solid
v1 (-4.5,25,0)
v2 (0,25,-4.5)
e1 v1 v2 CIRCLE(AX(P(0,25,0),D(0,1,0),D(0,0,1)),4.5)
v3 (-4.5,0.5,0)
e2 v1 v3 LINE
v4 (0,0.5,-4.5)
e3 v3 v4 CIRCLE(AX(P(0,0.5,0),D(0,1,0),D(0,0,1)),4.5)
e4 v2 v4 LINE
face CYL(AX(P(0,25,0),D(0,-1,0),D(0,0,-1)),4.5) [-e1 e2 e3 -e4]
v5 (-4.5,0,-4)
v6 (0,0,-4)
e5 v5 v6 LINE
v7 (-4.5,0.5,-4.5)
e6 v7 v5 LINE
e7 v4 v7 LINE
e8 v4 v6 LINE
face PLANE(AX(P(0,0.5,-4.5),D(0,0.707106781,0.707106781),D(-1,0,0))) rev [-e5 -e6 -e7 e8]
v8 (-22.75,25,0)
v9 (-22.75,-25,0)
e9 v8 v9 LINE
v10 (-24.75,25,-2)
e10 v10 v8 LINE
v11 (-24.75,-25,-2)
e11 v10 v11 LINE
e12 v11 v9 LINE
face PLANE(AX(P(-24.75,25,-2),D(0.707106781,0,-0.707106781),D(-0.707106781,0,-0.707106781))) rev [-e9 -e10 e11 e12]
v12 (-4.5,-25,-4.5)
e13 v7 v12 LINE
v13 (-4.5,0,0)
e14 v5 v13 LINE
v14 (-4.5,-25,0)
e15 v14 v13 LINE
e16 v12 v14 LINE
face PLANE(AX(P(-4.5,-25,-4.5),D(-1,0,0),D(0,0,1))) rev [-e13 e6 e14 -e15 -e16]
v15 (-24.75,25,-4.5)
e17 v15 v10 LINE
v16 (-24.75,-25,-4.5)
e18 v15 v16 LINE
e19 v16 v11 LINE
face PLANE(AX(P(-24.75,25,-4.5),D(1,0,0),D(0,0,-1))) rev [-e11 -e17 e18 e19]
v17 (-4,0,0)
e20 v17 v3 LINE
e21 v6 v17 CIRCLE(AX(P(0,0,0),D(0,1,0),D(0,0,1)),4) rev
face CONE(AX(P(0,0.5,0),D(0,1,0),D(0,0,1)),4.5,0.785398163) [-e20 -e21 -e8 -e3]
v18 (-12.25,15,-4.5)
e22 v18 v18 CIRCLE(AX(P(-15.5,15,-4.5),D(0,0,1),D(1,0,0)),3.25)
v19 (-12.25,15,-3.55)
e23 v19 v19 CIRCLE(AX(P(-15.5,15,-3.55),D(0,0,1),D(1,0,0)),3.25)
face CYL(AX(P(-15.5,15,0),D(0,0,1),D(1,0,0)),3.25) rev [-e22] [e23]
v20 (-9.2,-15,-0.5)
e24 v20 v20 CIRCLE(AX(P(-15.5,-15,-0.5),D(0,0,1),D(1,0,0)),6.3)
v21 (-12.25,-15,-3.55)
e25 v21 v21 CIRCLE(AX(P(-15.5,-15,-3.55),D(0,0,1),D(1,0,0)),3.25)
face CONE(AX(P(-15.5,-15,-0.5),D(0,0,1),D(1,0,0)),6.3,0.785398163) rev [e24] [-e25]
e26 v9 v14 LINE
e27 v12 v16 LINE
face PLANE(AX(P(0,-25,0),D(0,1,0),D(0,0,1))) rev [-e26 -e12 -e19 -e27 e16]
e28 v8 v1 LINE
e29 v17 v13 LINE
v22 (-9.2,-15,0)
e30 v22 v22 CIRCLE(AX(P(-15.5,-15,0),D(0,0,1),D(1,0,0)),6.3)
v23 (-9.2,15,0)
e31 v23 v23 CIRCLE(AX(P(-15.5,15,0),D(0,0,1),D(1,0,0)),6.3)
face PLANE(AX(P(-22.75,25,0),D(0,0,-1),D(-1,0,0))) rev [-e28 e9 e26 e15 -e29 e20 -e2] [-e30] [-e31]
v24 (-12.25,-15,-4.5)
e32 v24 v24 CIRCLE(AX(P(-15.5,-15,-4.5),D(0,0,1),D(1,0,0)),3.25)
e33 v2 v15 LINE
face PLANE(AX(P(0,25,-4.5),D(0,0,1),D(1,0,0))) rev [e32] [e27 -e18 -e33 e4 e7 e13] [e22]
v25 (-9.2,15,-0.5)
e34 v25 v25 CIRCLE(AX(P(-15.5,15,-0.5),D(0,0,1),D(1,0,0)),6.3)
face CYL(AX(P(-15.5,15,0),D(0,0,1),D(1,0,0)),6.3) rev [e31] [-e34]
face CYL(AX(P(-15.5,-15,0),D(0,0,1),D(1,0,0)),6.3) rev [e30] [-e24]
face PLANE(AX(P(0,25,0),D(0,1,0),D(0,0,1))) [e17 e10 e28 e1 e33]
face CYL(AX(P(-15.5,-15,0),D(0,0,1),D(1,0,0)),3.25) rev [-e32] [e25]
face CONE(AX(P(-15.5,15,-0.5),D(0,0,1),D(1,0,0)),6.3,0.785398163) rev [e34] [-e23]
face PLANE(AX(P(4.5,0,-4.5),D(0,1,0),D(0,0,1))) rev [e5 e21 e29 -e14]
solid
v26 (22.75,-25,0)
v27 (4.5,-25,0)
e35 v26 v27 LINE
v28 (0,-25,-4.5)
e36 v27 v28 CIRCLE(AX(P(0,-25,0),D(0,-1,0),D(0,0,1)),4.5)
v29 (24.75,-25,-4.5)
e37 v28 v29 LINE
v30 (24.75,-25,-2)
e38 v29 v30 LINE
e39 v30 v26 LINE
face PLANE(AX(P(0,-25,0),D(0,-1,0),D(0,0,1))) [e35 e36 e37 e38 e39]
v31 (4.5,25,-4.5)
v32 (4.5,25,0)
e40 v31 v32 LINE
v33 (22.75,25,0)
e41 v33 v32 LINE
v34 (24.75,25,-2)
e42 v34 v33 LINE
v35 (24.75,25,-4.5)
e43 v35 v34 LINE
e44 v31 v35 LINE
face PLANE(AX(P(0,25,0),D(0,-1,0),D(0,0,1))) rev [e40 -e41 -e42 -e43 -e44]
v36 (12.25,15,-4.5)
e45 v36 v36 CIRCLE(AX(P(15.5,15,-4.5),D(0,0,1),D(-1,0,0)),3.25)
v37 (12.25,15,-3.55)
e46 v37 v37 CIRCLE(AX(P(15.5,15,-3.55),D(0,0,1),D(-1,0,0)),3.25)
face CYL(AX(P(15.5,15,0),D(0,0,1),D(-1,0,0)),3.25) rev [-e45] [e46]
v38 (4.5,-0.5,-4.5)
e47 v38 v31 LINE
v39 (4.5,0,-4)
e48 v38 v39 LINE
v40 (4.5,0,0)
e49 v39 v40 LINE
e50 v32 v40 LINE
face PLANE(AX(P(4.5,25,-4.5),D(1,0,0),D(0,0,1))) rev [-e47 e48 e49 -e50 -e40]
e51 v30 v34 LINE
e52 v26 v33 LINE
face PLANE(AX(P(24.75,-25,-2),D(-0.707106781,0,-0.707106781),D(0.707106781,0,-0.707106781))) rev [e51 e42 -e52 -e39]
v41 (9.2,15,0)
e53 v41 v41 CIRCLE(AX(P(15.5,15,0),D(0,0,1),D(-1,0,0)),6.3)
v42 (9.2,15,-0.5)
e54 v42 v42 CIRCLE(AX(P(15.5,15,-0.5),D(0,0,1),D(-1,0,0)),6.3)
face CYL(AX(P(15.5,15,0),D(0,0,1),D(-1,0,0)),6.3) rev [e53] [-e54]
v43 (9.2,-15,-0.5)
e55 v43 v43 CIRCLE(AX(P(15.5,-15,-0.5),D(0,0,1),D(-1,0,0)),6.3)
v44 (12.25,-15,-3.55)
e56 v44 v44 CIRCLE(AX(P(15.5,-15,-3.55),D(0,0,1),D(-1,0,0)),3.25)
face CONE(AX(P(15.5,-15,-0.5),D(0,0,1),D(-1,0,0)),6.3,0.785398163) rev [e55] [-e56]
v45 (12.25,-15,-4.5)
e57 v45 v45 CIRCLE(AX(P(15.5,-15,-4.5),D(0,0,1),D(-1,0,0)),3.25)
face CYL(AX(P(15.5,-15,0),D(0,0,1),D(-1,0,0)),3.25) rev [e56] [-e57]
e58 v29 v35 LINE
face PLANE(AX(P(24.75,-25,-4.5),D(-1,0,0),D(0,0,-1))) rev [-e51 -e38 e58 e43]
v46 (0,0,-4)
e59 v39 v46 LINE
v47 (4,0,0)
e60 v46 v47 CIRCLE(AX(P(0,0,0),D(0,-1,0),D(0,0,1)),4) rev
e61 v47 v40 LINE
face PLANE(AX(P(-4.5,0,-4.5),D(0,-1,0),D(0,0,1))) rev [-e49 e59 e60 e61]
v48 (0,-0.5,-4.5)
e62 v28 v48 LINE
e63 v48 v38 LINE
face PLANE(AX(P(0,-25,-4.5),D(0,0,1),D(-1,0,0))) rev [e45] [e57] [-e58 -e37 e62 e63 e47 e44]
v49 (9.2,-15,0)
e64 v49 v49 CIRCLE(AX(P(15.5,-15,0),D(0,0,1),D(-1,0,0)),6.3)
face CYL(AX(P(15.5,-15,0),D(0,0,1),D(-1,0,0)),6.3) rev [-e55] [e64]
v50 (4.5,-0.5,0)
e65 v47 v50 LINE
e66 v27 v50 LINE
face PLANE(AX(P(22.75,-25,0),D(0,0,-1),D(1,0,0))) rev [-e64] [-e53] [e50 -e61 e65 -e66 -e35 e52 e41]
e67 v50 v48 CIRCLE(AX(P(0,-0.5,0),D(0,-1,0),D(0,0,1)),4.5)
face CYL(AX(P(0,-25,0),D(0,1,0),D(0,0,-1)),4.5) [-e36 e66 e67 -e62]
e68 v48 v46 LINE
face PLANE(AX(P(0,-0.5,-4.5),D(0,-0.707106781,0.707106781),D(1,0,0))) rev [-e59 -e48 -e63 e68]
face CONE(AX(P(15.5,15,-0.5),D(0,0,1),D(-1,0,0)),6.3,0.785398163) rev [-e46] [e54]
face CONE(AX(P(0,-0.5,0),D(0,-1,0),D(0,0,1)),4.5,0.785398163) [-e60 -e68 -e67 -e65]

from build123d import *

# Parameters (mm, degrees)
EXTRUDE_1_DEPTH            = 25
SKETCH_3_W                 = 9
SKETCH_3_H                 = 25
CUT_EXTRUDE_1_DEPTH        = 5.5
CUT_EXTRUDE_1_DEPTH_BACK   = 5.5
HOLE_WIZARD_M61_AT_2_COUNT = 2
HOLE_WIZARD_M61_AT_2_PITCH = 30
CHAMFER_1_SIZE             = 0.5
PATTERN_CIRCULAR_1_COUNT   = 2


with BuildPart() as part:
    # Эскиз1 → Бобышка-Вытянуть1 (new body, symmetric)
    with BuildSketch(Plane(origin=(0, 0, 0), x_dir=(1, 0, 0), z_dir=(0, 1, 0))):
        with BuildLine():
            Line((0, 4.5), (-24.75, 4.5))
            Line((-24.75, 4.5), (-24.75, 2))
            Line((-24.75, 2), (-22.75, 0))
            Line((-22.75, 0), (-4.5, 0))
            ThreePointArc((-4.5, 0), (3.181980515, -3.181980515), (0, 4.5))
        make_face()
    extrude(amount=EXTRUDE_1_DEPTH, both=True)

    # Эскиз3 → Вырез-Вытянуть1 (cut, two sides)
    with BuildSketch(Plane.XY) as cut_extrude_1_sk:
        with Locations((0, -12.5)):
            Rectangle(SKETCH_3_W, SKETCH_3_H)
    extrude(amount=CUT_EXTRUDE_1_DEPTH, mode=Mode.SUBTRACT)
    extrude(cut_extrude_1_sk.sketch, amount=-CUT_EXTRUDE_1_DEPTH_BACK, mode=Mode.SUBTRACT)

    # Эскиз6 → Зенковка для винта с полупотайной головкой M61 (revolve, cut)
    with BuildSketch(Plane(origin=(-15.5, 15, 0), x_dir=(0, -1, 0), z_dir=(1, 0, 0))):
        Polygon((0, 0), (0, 4.5), (3.25, 4.5), (3.25, 3.55), (6.3, 0.5), (6.3, 0), align=None)
    hole_wizard_m61 = revolve(axis=Axis((-15.5, 15, 6.35), (0, 0, -1)), mode=Mode.SUBTRACT)

    # Зенковка для винта с полупотайной головкой M61 at 2: Зенковка для винта с полупотайной головкой M61 ×2
    with Locations(*[(0, -i * HOLE_WIZARD_M61_AT_2_PITCH, 0) for i in range(1, HOLE_WIZARD_M61_AT_2_COUNT)]):
        add(hole_wizard_m61, mode=Mode.SUBTRACT)

    # Фаска1
    chamfer_1_edges = [part.edges().sort_by_distance(p)[0] for p in [
        (3.181980515, 0, 3.181980515),
        (-2.25, 0, -4.5),
    ]]
    chamfer(chamfer_1_edges, length=CHAMFER_1_SIZE)


with BuildPart() as pattern_circular_1_1:
    # Круговой массив1: pattern copy
    add(part.part.rotate(Axis((0, 0, 0), (0, 0, 1)), 1 * 360 / PATTERN_CIRCULAR_1_COUNT))


solid = Compound([part.part, pattern_circular_1_1.part])
